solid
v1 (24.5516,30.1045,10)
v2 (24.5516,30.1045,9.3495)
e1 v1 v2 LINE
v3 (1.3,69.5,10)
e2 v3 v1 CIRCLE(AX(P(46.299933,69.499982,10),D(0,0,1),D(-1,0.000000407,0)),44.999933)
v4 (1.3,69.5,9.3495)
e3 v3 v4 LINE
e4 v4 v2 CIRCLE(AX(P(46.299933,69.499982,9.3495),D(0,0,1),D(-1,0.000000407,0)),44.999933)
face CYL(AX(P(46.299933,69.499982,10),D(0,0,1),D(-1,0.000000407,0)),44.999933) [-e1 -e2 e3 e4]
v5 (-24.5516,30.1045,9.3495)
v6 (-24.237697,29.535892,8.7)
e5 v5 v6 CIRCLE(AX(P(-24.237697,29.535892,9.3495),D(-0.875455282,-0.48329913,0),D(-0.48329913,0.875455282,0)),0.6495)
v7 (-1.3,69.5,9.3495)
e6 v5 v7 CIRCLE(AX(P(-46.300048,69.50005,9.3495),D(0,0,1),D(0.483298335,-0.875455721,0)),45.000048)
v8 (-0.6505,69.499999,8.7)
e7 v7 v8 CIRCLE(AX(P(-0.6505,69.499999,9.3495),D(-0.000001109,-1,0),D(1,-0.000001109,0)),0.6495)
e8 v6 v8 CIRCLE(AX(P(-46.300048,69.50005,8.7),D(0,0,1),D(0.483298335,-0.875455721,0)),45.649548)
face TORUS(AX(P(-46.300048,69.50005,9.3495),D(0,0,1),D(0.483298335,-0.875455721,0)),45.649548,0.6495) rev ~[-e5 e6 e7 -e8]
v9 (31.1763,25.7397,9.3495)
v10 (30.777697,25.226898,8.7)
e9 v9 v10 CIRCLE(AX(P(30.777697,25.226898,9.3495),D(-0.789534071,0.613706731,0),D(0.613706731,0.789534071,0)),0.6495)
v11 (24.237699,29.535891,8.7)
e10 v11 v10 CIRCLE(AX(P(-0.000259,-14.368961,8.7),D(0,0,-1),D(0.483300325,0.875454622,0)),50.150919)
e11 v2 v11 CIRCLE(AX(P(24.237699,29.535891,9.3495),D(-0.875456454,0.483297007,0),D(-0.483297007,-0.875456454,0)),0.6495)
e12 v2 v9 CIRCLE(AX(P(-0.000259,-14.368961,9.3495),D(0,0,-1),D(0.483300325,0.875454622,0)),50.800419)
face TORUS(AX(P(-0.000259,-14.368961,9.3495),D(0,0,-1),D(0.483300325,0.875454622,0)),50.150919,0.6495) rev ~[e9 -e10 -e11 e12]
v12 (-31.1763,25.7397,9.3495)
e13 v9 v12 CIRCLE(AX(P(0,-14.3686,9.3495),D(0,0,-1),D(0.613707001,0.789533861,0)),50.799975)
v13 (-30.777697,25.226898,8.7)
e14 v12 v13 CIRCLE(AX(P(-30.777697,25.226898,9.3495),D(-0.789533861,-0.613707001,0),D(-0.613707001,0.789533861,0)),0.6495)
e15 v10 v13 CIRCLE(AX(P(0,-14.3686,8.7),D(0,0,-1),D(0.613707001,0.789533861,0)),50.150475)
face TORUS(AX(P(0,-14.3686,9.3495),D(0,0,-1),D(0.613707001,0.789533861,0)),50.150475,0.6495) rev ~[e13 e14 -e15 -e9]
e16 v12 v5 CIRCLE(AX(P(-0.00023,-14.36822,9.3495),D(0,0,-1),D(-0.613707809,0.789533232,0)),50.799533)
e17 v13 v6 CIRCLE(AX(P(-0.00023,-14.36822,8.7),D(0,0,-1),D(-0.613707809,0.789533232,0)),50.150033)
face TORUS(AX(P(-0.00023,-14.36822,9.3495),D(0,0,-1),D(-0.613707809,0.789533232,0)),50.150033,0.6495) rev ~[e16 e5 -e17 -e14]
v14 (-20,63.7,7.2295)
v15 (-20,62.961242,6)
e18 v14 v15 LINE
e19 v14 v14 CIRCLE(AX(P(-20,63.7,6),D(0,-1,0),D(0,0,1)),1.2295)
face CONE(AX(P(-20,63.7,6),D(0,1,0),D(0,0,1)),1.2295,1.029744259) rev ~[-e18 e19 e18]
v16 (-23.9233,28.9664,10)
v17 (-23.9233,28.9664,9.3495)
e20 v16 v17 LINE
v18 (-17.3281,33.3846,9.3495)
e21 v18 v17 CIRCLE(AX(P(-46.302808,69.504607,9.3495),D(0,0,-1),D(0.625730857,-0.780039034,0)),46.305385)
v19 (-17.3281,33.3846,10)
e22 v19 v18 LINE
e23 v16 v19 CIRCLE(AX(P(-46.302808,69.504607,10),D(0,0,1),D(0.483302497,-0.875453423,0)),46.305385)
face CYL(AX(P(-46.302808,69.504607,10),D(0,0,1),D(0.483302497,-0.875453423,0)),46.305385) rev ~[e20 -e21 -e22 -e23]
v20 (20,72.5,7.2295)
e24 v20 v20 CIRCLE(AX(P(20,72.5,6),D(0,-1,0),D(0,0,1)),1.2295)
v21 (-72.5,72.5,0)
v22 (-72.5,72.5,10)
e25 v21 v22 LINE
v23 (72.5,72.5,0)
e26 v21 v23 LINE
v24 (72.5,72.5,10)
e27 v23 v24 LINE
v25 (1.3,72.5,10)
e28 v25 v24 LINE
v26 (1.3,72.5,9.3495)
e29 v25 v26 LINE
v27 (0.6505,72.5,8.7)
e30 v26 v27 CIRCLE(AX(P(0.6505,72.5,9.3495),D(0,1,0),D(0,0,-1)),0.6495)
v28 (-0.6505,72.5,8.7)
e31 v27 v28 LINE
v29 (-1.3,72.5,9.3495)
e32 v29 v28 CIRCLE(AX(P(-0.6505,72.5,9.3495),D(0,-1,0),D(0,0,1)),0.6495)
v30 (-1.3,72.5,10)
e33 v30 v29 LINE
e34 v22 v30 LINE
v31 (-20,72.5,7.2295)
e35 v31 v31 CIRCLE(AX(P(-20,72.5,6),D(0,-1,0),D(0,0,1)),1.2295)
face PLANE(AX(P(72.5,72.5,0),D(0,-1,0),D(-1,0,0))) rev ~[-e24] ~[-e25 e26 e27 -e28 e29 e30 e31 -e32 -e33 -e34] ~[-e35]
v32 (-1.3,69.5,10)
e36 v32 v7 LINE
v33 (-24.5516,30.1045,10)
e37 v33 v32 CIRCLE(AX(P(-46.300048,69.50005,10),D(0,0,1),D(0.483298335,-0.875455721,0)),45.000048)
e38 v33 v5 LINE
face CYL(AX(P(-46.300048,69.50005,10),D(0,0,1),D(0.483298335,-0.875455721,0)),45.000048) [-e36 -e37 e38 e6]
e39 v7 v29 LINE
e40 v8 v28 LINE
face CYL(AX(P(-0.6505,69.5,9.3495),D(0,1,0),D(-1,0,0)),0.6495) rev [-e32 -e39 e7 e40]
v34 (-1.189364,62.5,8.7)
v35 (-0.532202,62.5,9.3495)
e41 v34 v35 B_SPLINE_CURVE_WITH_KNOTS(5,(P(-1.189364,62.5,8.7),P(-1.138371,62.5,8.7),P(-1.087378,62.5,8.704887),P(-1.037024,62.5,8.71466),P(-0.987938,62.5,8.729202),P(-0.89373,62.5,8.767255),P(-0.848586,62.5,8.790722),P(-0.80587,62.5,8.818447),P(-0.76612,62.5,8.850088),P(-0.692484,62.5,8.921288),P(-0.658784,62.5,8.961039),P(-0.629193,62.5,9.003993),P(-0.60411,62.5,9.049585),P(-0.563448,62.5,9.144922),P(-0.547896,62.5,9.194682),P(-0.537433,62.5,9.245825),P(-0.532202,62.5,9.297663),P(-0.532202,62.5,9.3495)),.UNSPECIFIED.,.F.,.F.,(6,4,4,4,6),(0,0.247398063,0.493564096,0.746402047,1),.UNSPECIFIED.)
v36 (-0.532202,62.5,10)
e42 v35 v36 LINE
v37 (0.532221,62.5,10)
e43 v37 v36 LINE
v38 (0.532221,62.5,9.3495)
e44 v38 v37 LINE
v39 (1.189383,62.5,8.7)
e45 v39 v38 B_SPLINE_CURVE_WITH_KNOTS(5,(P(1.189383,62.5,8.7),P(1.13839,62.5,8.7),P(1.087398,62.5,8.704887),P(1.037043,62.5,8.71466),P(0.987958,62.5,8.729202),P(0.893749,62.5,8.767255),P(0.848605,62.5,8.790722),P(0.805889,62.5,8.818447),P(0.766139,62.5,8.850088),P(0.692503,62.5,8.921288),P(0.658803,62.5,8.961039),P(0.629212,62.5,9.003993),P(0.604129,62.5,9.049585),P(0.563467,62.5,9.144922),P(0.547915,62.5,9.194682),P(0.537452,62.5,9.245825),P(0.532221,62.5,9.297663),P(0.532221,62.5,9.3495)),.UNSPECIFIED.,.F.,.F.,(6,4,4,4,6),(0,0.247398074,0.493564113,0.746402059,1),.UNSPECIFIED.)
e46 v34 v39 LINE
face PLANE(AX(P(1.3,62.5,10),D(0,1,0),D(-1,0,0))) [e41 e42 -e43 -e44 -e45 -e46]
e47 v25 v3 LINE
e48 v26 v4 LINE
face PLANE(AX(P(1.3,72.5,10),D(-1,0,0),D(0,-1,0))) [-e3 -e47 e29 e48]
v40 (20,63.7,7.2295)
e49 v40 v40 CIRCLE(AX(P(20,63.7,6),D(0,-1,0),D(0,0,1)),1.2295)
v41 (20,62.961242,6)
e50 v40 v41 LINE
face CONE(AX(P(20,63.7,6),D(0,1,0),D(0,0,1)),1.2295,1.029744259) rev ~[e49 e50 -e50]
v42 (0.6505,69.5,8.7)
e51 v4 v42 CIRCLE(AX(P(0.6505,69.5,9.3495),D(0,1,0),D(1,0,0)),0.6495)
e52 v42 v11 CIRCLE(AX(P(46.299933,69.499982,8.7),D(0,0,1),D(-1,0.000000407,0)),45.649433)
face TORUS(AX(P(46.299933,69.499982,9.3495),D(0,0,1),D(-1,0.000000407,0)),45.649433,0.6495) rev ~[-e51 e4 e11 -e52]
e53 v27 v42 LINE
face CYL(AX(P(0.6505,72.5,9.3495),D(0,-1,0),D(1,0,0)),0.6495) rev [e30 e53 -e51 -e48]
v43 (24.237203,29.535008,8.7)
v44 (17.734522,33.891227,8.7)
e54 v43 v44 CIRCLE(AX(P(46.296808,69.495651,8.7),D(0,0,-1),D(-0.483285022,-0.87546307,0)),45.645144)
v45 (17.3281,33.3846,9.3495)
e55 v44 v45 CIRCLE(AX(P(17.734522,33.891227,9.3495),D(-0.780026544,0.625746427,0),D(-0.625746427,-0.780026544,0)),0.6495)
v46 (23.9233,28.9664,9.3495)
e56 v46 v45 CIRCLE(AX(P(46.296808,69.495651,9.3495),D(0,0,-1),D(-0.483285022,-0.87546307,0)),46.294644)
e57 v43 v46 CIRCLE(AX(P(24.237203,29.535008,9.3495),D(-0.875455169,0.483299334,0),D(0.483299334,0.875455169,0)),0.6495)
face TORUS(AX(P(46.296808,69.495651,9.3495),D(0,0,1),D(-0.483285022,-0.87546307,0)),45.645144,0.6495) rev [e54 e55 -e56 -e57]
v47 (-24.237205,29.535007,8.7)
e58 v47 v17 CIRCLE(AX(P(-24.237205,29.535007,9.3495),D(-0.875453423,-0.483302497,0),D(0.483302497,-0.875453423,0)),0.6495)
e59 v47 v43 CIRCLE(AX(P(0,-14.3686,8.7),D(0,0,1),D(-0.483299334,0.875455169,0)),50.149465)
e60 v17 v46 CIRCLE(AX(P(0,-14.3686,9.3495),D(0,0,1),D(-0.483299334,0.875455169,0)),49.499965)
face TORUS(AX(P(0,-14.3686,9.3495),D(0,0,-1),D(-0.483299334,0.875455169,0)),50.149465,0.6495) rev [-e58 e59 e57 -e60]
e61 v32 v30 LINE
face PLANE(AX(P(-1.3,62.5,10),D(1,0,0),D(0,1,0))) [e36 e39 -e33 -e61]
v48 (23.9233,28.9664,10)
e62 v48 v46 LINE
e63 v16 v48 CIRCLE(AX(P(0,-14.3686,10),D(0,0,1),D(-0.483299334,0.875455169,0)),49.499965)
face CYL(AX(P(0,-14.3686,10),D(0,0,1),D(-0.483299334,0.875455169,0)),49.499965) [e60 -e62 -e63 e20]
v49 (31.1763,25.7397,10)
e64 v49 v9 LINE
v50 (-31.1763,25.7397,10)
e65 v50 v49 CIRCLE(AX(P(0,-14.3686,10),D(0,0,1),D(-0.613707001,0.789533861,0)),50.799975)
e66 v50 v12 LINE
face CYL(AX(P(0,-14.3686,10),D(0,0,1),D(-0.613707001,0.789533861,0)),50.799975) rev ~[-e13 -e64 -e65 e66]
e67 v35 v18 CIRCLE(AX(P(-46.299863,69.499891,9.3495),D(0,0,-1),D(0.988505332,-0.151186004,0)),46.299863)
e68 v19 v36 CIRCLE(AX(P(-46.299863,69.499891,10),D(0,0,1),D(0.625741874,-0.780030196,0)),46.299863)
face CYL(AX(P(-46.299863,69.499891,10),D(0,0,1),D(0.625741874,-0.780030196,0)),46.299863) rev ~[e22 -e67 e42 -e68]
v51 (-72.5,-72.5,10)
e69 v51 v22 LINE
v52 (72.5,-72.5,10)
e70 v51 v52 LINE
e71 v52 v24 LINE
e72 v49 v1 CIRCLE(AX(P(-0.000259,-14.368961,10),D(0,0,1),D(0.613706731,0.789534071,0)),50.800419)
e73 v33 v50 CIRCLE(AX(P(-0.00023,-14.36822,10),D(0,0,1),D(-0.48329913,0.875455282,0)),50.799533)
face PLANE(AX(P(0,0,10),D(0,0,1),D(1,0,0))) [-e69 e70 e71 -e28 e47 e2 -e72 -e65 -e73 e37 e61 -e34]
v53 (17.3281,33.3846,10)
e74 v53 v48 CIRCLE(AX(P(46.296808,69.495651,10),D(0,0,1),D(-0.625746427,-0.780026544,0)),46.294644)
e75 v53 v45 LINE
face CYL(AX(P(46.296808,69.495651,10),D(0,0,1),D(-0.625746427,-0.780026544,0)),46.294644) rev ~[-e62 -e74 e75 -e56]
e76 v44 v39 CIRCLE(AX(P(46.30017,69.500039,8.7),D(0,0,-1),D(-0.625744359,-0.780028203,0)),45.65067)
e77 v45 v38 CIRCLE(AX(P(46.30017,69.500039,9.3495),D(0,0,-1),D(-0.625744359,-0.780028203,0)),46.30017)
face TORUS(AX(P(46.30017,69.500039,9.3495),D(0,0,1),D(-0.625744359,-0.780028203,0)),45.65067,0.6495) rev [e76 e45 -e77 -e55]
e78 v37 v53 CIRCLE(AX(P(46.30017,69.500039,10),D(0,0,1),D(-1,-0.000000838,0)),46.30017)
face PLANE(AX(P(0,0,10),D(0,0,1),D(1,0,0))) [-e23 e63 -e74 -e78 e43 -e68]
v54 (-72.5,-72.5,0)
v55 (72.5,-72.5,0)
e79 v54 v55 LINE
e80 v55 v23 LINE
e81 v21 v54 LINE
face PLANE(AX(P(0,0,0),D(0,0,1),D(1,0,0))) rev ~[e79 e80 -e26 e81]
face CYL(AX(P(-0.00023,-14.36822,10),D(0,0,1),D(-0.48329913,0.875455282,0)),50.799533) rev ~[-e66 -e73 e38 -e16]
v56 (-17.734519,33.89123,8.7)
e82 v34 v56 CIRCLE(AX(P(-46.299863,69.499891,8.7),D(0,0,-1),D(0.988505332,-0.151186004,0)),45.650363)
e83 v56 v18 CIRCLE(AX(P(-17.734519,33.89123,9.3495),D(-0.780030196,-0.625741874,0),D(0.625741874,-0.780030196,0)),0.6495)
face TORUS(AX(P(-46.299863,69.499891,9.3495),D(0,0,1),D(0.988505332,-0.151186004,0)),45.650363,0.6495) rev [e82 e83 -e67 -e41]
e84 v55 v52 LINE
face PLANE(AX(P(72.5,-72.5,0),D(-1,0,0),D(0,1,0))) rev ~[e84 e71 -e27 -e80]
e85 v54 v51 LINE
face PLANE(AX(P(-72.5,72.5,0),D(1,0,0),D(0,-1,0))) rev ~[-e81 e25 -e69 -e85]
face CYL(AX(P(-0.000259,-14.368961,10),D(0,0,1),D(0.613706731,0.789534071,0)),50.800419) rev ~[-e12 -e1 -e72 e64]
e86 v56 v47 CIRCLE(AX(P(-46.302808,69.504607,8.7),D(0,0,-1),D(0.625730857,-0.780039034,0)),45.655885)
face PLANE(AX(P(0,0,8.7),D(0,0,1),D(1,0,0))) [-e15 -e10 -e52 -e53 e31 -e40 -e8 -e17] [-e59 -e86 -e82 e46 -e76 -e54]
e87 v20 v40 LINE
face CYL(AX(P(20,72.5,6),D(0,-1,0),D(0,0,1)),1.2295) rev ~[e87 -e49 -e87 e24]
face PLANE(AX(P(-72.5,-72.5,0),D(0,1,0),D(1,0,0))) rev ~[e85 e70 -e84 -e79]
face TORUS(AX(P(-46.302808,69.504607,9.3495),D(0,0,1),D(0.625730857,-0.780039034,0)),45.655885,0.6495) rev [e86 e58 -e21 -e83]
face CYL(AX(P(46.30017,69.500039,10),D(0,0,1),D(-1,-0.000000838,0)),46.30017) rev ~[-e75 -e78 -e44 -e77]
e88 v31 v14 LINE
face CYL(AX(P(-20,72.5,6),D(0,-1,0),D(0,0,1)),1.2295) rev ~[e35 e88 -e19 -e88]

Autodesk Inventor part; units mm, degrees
ref_plane "YZ Plane" through (0, 0, 0) normal (1, 0, 0) x (0, 1, 0)
ref_plane "XZ Plane" through (0, 0, 0) normal (0, 1, 0) x (-1, 0, 0)
ref_plane "XY Plane" through (0, 0, 0) normal (0, 0, 1) x (1, 0, 0)
sketch "Sketch1" plane through (0, 0, 0) normal (0, 0, 1) x (1, 0, 0)
  line L0 (-72.5, -72.5) -> (72.5, -72.5)
  line L1 (72.5, -72.5) -> (72.5, 72.5)
  line L2 (72.5, 72.5) -> (-72.5, 72.5)
  line L3 (-72.5, 72.5) -> (-72.5, -72.5)
  line L4 (-72.5, -72.5) -> (72.5, 72.5) construction
  line L5 (72.5, -72.5) -> (-72.5, 72.5) construction
  point P0 (0, 0)
  dimension "d0" = 145
  dimension "d1" = 145
extrude "Extrusion1" add sketch "Sketch1" along normal blind 10
sketch "Sketch6" plane through (0, 0, 10) normal (0, 0, 1) x (1, 0, 0)
  line L0 (-72.5, -72.5) -> (72.5, -72.5) projected
  line L1 (72.5, -72.5) -> (72.5, 72.5) projected
  line L2 (72.5, 72.5) -> (-72.5, 72.5) projected
  line L3 (-72.5, 72.5) -> (-72.5, -72.5) projected
  arc A0 (-23.9233, 28.9664) -> (23.9233, 28.9664) centre (0, -14.3686) ccw
  arc A1 (-24.5516, 30.1045) -> (-31.1763, 25.7397) centre (0, -14.3686) ccw
  arc A2 (-24.5516, 30.1045) -> (-1.3, 69.5) centre (-46.3, 69.5) ccw
  arc A3 (24.5516, 30.1045) -> (72.5, 32.9137) centre (46.3, 69.5) ccw
  arc A4 (-31.1763, 25.7397) -> (-23.9233, 28.9664) centre (-46.3, 69.5) ccw
  arc A5 (17.3281, 33.3846) -> (23.9233, 28.9664) centre (46.3, 69.5) ccw
  line L4 (-46.3, 69.5) -> (46.3, 69.5)
  arc A6 (-72.5, 32.9137) -> (-24.5516, 30.1045) centre (-46.3, 69.5) ccw
  arc A7 (-72.5, 31.3261) -> (-31.1763, 25.7397) centre (-46.3, 69.5) ccw
  arc A8 (-1.3, 69.5) -> (-72.5, 32.9137) centre (-46.3, 69.5) ccw
  arc A9 (-23.9233, 28.9664) -> (-17.3281, 33.3846) centre (-46.3, 69.5) ccw
  arc A10 (23.9233, 28.9664) -> (-23.9233, 28.9664) centre (0, -14.3686) ccw
  arc A11 (-17.3281, 33.3846) -> (-24.5516, 30.1045) centre (0, -14.3686) ccw
  arc A12 (-31.1763, 25.7397) -> (31.1763, 25.7397) centre (0, -14.3686) ccw
  arc A13 (17.3281, 33.3846) -> (-17.3281, 33.3846) centre (0, -14.3686) ccw
  arc A14 (24.5516, 30.1045) -> (17.3281, 33.3846) centre (0, -14.3686) ccw
  arc A15 (0, 69.5) -> (17.3281, 33.3846) centre (46.3, 69.5) ccw
  arc A16 (1.3, 69.5) -> (24.5516, 30.1045) centre (46.3, 69.5) ccw
  arc A17 (0, 69.5) -> (-72.5, 31.3261) centre (-46.3, 69.5) ccw
  arc A18 (-17.3281, 33.3846) -> (0, 69.5) centre (-46.3, 69.5) ccw
  arc A19 (23.9233, 28.9664) -> (31.1763, 25.7397) centre (46.3, 69.5) ccw
  arc A20 (31.1763, 25.7397) -> (24.5516, 30.1045) centre (0, -14.3686) ccw
  arc A21 (31.1763, 25.7397) -> (72.5, 31.3261) centre (46.3, 69.5) ccw
  arc A22 (72.5, 32.9137) -> (1.3, 69.5) centre (46.3, 69.5) ccw
  arc A23 (72.5, 31.3261) -> (0, 69.5) centre (46.3, 69.5) ccw
  point P0 (0, 0)
  point P1 (0, 69.5)
  dimension "d44" = 1.3
  dimension "d45" = 1.3
  dimension "d46" = 1.3
  dimension "d47" = 90
  dimension "d48" = 90
  dimension "d49" = 99
  dimension "d50" = 3
  dimension "d51" = 72.5
extrude "Extrusion8" cut sketch "Sketch6" against normal blind 1.3 contours A17 L2 A8 L3 | L1 A22 L2 A23 | A1 A11 A9 A4 | A4 A0 A19 A12 | A17 L4 A8 L2 | A19 A5 A14 A20 | L2 A22 L4 A23 | A2 L4 A18 A11 | L4 A16 A14 A15
sketch "Sketch7" plane through (0, 0, 10) normal (0, 0, 1) x (1, 0, 0)
  line L0 (-72.5, -72.5) -> (72.5, -72.5) projected
  line L1 (-72.5, 72.5) -> (-72.5, -72.5) projected
  line L2 (72.5, 72.5) -> (-72.5, 72.5) projected
  line L3 (72.5, -72.5) -> (72.5, 72.5) projected
  line L4 (-5, 72.5) -> (5, 72.5)
  line L5 (5, 72.5) -> (5, 69.5)
  line L6 (5, 69.5) -> (-5, 69.5)
  line L7 (-5, 69.5) -> (-5, 72.5)
  point P0 (0, 0)
  dimension "d54" = 10
  dimension "d55" = 67.5
  dimension "d56" = 3
extrude "Extrusion9" add sketch "Sketch7" against normal up to surface (10 mm away) contours L2 L5 L6 L7
sketch "Sketch8" plane through (0, 0, 10) normal (0, 0, 1) x (1, 0, 0)
  line L0 (72.5, 72.5) -> (-72.5, 72.5) projected
  line L1 (72.5, -72.5) -> (72.5, 72.5) projected
  line L2 (-72.5, -72.5) -> (72.5, -72.5) projected
  line L3 (-72.5, 72.5) -> (-72.5, -72.5) projected
  line L4 (-1.3, 72.5) -> (1.3, 72.5)
  line L5 (1.3, 72.5) -> (1.3, 62.5)
  line L6 (1.3, 62.5) -> (-1.3, 62.5)
  line L7 (-1.3, 62.5) -> (-1.3, 72.5)
  point P0 (0, 0)
  dimension "d59" = 2.6
  dimension "d60" = 10
  dimension "d61" = 71.2
extrude "Extrusion10" cut sketch "Sketch8" against normal up to surface (1.3 mm away) contours L5 L6 L7 L0
sketch "Sketch9" plane through (-72.5, 72.5, 0) normal (0, 1, 0) x (1, 0, 0)
  line L0 (71.2, -8.7) -> (73.8, -8.7) projected
  line L1 (145, -10) -> (73.8, -10) projected
  line L2 (145, 0) -> (145, -10) projected
  line L3 (145, 0) -> (0, 0) projected
  line L4 (0, 0) -> (0, -10) projected
  line L5 (96.4233, -10) -> (73.0322, -10) projected
  line L6 (75.525, -10) -> (69.475, -10)
  line L7 (69.475, -10) -> (69.475, -5.67)
  line L8 (69.475, -5.67) -> (75.525, -5.67)
  line L9 (75.525, -5.67) -> (75.525, -10)
  line L10 (72.5, -5.67) -> (72.5, -10)
  line L11 (73.0322, -10) -> (71.9678, -10) projected
  line L12 (71.2, -10) -> (71.2, -8.7) projected
  line L13 (73.8, -8.7) -> (73.8, -10) projected
  line L14 (71.2, -10) -> (0, -10) projected
  point P0 (72.5, 0)
  point P1 (76.3, -7)
  dimension "d64" = 4.33
  dimension "d65" = 6.05
  dimension "d66" = 72.5
extrude "Extrusion11" [suppressed]
fillet "Fillet1" radius 0.65 7 edges at (-1.3, 71, 8.7) (-27.9492, 28.0516, 8.7) (7.5464, 46.6273, 8.7) (1.3, 71, 8.7) (0, -63.8686, 8.7) (-8.3257, 43.0114, 8.7) (8.3257, 43.0114, 8.7)
sketch "Sketch10" plane through (-72.5, 72.5, 0) normal (0, 1, 0) x (1, 0, 0)
  line L0 (92.5, -6) -> (52.5, -6)
  line L1 (71.2, -10) -> (0, -10) projected
  line L2 (0, -10) -> (145, -10) projected
  line L3 (145, -10) -> (73.8, -10) projected
  line L4 (73.8, -10) -> (97.0516, -10) projected
  line L5 (97.0516, -10) -> (47.9484, -10) projected
  line L6 (47.9484, -10) -> (71.2, -10) projected
  point P0 (72.5, 0)
  dimension "d70" = 4
  dimension "d71" = 20
  dimension "d72" = 20
hole "Hole1" at (20, 72.5, 6) at (-20, 72.5, 6) direction (0, -1, 0) diameter 2.459 depth 8.8 tip angle 118 thread size "M3x0.5" class "6H" standard "ISO Metric profile"
equation "\"d0\" = ScintillatorWidth"
equation "\"d1\" = ScintillatorHeight"
equation "\"d2\" = ScintillatorThickness"
equation "\"d44\" = OpticalFiberDiameter + 2 * OpticalFiberClearence"
equation "\"d45\" = OpticalFiberDiameter + 2 * OpticalFiberClearence"
equation "\"d46\" = OpticalFiberDiameter + 2 * OpticalFiberClearence"
equation "\"d47\" = LoopSmallTrackDiameter"
equation "\"d48\" = LoopSmallTrackDiameter"
equation "\"d50\" = ScintillatorEdgeClearence"
equation "\"d51\" = 0.5 * ScintillatorWidth"
equation "\"d52\" = ShallowTrackDepth"
equation "\"MPPCDepth\" = 0"
equation "\"MPPCWidth\" = 5.9"
equation "\"MPPCHeight\" = 6.55"
equation "\"MPPCClearence\" = 0.075"
equation "\"LongFiberAngle\" = 30deg"
equation "\"LargeTrackRatio\" = 3"
equation "\"ShortFiberAngle\" = 78deg"
equation "\"FiberEdgeOffsett\" = 5"
equation "\"MPPCSensorOffsett\" = 2.105"
equation "\"ScintillatorWidth\" = 145"
equation "\"ShallowTrackDepth\" = 1.3"
equation "\"MountingScrewDepth\" = 4"
equation "\"ScintillatorHeight\" = 145"
equation "\"SmallTrackDiameter\" = 175"
equation "\"FiberSensorClerence\" = 0.5"
equation "\"LoopLargeTrackRatio\" = 1.1"
equation "\"MPPCSensorClearence\" = 1.45"
equation "\"MountingScrewOffsett\" = 20"
equation "\"OpticalFiberDiameter\" = 1"
equation "\"OpticalFiberClearence\" = 0.15"
equation "\"ScintillatorThickness\" = 10"
equation "\"LoopSmallTrackDiameter\" = 90"
equation "\"ScintillatorEdgeClearence\" = 3"
equation "\"d55\" = 0.5 * ScintillatorWidth - 0.5 * d54"
equation "\"d56\" = ScintillatorEdgeClearence"
equation "\"d57\" = ShallowTrackDepth"
equation "\"d59\" = 4 * OpticalFiberClearence + 2 * OpticalFiberDiameter"
equation "\"d61\" = 0.5 * ScintillatorWidth - 2 * OpticalFiberClearence - OpticalFiberDiameter"
equation "\"d62\" = ShallowTrackDepth"
equation "\"d65\" = MPPCWidth + 2 * MPPCClearence"
equation "\"d66\" = 0.5 * ScintillatorWidth"
equation "\"d69\" = OpticalFiberClearence + 0.5 * OpticalFiberDiameter"
equation "\"d70\" = MountingScrewDepth"
equation "\"d71\" = MountingScrewOffsett"
equation "\"d72\" = MountingScrewOffsett"
equation "\"d5\" = OpticalFiberDiameter + 2 * OpticalFiberClearence"
equation "\"d21\" = d5"
equation "\"d22\" = d5"
properties part number "Scintillator Tile" material "ABS Plastic"
